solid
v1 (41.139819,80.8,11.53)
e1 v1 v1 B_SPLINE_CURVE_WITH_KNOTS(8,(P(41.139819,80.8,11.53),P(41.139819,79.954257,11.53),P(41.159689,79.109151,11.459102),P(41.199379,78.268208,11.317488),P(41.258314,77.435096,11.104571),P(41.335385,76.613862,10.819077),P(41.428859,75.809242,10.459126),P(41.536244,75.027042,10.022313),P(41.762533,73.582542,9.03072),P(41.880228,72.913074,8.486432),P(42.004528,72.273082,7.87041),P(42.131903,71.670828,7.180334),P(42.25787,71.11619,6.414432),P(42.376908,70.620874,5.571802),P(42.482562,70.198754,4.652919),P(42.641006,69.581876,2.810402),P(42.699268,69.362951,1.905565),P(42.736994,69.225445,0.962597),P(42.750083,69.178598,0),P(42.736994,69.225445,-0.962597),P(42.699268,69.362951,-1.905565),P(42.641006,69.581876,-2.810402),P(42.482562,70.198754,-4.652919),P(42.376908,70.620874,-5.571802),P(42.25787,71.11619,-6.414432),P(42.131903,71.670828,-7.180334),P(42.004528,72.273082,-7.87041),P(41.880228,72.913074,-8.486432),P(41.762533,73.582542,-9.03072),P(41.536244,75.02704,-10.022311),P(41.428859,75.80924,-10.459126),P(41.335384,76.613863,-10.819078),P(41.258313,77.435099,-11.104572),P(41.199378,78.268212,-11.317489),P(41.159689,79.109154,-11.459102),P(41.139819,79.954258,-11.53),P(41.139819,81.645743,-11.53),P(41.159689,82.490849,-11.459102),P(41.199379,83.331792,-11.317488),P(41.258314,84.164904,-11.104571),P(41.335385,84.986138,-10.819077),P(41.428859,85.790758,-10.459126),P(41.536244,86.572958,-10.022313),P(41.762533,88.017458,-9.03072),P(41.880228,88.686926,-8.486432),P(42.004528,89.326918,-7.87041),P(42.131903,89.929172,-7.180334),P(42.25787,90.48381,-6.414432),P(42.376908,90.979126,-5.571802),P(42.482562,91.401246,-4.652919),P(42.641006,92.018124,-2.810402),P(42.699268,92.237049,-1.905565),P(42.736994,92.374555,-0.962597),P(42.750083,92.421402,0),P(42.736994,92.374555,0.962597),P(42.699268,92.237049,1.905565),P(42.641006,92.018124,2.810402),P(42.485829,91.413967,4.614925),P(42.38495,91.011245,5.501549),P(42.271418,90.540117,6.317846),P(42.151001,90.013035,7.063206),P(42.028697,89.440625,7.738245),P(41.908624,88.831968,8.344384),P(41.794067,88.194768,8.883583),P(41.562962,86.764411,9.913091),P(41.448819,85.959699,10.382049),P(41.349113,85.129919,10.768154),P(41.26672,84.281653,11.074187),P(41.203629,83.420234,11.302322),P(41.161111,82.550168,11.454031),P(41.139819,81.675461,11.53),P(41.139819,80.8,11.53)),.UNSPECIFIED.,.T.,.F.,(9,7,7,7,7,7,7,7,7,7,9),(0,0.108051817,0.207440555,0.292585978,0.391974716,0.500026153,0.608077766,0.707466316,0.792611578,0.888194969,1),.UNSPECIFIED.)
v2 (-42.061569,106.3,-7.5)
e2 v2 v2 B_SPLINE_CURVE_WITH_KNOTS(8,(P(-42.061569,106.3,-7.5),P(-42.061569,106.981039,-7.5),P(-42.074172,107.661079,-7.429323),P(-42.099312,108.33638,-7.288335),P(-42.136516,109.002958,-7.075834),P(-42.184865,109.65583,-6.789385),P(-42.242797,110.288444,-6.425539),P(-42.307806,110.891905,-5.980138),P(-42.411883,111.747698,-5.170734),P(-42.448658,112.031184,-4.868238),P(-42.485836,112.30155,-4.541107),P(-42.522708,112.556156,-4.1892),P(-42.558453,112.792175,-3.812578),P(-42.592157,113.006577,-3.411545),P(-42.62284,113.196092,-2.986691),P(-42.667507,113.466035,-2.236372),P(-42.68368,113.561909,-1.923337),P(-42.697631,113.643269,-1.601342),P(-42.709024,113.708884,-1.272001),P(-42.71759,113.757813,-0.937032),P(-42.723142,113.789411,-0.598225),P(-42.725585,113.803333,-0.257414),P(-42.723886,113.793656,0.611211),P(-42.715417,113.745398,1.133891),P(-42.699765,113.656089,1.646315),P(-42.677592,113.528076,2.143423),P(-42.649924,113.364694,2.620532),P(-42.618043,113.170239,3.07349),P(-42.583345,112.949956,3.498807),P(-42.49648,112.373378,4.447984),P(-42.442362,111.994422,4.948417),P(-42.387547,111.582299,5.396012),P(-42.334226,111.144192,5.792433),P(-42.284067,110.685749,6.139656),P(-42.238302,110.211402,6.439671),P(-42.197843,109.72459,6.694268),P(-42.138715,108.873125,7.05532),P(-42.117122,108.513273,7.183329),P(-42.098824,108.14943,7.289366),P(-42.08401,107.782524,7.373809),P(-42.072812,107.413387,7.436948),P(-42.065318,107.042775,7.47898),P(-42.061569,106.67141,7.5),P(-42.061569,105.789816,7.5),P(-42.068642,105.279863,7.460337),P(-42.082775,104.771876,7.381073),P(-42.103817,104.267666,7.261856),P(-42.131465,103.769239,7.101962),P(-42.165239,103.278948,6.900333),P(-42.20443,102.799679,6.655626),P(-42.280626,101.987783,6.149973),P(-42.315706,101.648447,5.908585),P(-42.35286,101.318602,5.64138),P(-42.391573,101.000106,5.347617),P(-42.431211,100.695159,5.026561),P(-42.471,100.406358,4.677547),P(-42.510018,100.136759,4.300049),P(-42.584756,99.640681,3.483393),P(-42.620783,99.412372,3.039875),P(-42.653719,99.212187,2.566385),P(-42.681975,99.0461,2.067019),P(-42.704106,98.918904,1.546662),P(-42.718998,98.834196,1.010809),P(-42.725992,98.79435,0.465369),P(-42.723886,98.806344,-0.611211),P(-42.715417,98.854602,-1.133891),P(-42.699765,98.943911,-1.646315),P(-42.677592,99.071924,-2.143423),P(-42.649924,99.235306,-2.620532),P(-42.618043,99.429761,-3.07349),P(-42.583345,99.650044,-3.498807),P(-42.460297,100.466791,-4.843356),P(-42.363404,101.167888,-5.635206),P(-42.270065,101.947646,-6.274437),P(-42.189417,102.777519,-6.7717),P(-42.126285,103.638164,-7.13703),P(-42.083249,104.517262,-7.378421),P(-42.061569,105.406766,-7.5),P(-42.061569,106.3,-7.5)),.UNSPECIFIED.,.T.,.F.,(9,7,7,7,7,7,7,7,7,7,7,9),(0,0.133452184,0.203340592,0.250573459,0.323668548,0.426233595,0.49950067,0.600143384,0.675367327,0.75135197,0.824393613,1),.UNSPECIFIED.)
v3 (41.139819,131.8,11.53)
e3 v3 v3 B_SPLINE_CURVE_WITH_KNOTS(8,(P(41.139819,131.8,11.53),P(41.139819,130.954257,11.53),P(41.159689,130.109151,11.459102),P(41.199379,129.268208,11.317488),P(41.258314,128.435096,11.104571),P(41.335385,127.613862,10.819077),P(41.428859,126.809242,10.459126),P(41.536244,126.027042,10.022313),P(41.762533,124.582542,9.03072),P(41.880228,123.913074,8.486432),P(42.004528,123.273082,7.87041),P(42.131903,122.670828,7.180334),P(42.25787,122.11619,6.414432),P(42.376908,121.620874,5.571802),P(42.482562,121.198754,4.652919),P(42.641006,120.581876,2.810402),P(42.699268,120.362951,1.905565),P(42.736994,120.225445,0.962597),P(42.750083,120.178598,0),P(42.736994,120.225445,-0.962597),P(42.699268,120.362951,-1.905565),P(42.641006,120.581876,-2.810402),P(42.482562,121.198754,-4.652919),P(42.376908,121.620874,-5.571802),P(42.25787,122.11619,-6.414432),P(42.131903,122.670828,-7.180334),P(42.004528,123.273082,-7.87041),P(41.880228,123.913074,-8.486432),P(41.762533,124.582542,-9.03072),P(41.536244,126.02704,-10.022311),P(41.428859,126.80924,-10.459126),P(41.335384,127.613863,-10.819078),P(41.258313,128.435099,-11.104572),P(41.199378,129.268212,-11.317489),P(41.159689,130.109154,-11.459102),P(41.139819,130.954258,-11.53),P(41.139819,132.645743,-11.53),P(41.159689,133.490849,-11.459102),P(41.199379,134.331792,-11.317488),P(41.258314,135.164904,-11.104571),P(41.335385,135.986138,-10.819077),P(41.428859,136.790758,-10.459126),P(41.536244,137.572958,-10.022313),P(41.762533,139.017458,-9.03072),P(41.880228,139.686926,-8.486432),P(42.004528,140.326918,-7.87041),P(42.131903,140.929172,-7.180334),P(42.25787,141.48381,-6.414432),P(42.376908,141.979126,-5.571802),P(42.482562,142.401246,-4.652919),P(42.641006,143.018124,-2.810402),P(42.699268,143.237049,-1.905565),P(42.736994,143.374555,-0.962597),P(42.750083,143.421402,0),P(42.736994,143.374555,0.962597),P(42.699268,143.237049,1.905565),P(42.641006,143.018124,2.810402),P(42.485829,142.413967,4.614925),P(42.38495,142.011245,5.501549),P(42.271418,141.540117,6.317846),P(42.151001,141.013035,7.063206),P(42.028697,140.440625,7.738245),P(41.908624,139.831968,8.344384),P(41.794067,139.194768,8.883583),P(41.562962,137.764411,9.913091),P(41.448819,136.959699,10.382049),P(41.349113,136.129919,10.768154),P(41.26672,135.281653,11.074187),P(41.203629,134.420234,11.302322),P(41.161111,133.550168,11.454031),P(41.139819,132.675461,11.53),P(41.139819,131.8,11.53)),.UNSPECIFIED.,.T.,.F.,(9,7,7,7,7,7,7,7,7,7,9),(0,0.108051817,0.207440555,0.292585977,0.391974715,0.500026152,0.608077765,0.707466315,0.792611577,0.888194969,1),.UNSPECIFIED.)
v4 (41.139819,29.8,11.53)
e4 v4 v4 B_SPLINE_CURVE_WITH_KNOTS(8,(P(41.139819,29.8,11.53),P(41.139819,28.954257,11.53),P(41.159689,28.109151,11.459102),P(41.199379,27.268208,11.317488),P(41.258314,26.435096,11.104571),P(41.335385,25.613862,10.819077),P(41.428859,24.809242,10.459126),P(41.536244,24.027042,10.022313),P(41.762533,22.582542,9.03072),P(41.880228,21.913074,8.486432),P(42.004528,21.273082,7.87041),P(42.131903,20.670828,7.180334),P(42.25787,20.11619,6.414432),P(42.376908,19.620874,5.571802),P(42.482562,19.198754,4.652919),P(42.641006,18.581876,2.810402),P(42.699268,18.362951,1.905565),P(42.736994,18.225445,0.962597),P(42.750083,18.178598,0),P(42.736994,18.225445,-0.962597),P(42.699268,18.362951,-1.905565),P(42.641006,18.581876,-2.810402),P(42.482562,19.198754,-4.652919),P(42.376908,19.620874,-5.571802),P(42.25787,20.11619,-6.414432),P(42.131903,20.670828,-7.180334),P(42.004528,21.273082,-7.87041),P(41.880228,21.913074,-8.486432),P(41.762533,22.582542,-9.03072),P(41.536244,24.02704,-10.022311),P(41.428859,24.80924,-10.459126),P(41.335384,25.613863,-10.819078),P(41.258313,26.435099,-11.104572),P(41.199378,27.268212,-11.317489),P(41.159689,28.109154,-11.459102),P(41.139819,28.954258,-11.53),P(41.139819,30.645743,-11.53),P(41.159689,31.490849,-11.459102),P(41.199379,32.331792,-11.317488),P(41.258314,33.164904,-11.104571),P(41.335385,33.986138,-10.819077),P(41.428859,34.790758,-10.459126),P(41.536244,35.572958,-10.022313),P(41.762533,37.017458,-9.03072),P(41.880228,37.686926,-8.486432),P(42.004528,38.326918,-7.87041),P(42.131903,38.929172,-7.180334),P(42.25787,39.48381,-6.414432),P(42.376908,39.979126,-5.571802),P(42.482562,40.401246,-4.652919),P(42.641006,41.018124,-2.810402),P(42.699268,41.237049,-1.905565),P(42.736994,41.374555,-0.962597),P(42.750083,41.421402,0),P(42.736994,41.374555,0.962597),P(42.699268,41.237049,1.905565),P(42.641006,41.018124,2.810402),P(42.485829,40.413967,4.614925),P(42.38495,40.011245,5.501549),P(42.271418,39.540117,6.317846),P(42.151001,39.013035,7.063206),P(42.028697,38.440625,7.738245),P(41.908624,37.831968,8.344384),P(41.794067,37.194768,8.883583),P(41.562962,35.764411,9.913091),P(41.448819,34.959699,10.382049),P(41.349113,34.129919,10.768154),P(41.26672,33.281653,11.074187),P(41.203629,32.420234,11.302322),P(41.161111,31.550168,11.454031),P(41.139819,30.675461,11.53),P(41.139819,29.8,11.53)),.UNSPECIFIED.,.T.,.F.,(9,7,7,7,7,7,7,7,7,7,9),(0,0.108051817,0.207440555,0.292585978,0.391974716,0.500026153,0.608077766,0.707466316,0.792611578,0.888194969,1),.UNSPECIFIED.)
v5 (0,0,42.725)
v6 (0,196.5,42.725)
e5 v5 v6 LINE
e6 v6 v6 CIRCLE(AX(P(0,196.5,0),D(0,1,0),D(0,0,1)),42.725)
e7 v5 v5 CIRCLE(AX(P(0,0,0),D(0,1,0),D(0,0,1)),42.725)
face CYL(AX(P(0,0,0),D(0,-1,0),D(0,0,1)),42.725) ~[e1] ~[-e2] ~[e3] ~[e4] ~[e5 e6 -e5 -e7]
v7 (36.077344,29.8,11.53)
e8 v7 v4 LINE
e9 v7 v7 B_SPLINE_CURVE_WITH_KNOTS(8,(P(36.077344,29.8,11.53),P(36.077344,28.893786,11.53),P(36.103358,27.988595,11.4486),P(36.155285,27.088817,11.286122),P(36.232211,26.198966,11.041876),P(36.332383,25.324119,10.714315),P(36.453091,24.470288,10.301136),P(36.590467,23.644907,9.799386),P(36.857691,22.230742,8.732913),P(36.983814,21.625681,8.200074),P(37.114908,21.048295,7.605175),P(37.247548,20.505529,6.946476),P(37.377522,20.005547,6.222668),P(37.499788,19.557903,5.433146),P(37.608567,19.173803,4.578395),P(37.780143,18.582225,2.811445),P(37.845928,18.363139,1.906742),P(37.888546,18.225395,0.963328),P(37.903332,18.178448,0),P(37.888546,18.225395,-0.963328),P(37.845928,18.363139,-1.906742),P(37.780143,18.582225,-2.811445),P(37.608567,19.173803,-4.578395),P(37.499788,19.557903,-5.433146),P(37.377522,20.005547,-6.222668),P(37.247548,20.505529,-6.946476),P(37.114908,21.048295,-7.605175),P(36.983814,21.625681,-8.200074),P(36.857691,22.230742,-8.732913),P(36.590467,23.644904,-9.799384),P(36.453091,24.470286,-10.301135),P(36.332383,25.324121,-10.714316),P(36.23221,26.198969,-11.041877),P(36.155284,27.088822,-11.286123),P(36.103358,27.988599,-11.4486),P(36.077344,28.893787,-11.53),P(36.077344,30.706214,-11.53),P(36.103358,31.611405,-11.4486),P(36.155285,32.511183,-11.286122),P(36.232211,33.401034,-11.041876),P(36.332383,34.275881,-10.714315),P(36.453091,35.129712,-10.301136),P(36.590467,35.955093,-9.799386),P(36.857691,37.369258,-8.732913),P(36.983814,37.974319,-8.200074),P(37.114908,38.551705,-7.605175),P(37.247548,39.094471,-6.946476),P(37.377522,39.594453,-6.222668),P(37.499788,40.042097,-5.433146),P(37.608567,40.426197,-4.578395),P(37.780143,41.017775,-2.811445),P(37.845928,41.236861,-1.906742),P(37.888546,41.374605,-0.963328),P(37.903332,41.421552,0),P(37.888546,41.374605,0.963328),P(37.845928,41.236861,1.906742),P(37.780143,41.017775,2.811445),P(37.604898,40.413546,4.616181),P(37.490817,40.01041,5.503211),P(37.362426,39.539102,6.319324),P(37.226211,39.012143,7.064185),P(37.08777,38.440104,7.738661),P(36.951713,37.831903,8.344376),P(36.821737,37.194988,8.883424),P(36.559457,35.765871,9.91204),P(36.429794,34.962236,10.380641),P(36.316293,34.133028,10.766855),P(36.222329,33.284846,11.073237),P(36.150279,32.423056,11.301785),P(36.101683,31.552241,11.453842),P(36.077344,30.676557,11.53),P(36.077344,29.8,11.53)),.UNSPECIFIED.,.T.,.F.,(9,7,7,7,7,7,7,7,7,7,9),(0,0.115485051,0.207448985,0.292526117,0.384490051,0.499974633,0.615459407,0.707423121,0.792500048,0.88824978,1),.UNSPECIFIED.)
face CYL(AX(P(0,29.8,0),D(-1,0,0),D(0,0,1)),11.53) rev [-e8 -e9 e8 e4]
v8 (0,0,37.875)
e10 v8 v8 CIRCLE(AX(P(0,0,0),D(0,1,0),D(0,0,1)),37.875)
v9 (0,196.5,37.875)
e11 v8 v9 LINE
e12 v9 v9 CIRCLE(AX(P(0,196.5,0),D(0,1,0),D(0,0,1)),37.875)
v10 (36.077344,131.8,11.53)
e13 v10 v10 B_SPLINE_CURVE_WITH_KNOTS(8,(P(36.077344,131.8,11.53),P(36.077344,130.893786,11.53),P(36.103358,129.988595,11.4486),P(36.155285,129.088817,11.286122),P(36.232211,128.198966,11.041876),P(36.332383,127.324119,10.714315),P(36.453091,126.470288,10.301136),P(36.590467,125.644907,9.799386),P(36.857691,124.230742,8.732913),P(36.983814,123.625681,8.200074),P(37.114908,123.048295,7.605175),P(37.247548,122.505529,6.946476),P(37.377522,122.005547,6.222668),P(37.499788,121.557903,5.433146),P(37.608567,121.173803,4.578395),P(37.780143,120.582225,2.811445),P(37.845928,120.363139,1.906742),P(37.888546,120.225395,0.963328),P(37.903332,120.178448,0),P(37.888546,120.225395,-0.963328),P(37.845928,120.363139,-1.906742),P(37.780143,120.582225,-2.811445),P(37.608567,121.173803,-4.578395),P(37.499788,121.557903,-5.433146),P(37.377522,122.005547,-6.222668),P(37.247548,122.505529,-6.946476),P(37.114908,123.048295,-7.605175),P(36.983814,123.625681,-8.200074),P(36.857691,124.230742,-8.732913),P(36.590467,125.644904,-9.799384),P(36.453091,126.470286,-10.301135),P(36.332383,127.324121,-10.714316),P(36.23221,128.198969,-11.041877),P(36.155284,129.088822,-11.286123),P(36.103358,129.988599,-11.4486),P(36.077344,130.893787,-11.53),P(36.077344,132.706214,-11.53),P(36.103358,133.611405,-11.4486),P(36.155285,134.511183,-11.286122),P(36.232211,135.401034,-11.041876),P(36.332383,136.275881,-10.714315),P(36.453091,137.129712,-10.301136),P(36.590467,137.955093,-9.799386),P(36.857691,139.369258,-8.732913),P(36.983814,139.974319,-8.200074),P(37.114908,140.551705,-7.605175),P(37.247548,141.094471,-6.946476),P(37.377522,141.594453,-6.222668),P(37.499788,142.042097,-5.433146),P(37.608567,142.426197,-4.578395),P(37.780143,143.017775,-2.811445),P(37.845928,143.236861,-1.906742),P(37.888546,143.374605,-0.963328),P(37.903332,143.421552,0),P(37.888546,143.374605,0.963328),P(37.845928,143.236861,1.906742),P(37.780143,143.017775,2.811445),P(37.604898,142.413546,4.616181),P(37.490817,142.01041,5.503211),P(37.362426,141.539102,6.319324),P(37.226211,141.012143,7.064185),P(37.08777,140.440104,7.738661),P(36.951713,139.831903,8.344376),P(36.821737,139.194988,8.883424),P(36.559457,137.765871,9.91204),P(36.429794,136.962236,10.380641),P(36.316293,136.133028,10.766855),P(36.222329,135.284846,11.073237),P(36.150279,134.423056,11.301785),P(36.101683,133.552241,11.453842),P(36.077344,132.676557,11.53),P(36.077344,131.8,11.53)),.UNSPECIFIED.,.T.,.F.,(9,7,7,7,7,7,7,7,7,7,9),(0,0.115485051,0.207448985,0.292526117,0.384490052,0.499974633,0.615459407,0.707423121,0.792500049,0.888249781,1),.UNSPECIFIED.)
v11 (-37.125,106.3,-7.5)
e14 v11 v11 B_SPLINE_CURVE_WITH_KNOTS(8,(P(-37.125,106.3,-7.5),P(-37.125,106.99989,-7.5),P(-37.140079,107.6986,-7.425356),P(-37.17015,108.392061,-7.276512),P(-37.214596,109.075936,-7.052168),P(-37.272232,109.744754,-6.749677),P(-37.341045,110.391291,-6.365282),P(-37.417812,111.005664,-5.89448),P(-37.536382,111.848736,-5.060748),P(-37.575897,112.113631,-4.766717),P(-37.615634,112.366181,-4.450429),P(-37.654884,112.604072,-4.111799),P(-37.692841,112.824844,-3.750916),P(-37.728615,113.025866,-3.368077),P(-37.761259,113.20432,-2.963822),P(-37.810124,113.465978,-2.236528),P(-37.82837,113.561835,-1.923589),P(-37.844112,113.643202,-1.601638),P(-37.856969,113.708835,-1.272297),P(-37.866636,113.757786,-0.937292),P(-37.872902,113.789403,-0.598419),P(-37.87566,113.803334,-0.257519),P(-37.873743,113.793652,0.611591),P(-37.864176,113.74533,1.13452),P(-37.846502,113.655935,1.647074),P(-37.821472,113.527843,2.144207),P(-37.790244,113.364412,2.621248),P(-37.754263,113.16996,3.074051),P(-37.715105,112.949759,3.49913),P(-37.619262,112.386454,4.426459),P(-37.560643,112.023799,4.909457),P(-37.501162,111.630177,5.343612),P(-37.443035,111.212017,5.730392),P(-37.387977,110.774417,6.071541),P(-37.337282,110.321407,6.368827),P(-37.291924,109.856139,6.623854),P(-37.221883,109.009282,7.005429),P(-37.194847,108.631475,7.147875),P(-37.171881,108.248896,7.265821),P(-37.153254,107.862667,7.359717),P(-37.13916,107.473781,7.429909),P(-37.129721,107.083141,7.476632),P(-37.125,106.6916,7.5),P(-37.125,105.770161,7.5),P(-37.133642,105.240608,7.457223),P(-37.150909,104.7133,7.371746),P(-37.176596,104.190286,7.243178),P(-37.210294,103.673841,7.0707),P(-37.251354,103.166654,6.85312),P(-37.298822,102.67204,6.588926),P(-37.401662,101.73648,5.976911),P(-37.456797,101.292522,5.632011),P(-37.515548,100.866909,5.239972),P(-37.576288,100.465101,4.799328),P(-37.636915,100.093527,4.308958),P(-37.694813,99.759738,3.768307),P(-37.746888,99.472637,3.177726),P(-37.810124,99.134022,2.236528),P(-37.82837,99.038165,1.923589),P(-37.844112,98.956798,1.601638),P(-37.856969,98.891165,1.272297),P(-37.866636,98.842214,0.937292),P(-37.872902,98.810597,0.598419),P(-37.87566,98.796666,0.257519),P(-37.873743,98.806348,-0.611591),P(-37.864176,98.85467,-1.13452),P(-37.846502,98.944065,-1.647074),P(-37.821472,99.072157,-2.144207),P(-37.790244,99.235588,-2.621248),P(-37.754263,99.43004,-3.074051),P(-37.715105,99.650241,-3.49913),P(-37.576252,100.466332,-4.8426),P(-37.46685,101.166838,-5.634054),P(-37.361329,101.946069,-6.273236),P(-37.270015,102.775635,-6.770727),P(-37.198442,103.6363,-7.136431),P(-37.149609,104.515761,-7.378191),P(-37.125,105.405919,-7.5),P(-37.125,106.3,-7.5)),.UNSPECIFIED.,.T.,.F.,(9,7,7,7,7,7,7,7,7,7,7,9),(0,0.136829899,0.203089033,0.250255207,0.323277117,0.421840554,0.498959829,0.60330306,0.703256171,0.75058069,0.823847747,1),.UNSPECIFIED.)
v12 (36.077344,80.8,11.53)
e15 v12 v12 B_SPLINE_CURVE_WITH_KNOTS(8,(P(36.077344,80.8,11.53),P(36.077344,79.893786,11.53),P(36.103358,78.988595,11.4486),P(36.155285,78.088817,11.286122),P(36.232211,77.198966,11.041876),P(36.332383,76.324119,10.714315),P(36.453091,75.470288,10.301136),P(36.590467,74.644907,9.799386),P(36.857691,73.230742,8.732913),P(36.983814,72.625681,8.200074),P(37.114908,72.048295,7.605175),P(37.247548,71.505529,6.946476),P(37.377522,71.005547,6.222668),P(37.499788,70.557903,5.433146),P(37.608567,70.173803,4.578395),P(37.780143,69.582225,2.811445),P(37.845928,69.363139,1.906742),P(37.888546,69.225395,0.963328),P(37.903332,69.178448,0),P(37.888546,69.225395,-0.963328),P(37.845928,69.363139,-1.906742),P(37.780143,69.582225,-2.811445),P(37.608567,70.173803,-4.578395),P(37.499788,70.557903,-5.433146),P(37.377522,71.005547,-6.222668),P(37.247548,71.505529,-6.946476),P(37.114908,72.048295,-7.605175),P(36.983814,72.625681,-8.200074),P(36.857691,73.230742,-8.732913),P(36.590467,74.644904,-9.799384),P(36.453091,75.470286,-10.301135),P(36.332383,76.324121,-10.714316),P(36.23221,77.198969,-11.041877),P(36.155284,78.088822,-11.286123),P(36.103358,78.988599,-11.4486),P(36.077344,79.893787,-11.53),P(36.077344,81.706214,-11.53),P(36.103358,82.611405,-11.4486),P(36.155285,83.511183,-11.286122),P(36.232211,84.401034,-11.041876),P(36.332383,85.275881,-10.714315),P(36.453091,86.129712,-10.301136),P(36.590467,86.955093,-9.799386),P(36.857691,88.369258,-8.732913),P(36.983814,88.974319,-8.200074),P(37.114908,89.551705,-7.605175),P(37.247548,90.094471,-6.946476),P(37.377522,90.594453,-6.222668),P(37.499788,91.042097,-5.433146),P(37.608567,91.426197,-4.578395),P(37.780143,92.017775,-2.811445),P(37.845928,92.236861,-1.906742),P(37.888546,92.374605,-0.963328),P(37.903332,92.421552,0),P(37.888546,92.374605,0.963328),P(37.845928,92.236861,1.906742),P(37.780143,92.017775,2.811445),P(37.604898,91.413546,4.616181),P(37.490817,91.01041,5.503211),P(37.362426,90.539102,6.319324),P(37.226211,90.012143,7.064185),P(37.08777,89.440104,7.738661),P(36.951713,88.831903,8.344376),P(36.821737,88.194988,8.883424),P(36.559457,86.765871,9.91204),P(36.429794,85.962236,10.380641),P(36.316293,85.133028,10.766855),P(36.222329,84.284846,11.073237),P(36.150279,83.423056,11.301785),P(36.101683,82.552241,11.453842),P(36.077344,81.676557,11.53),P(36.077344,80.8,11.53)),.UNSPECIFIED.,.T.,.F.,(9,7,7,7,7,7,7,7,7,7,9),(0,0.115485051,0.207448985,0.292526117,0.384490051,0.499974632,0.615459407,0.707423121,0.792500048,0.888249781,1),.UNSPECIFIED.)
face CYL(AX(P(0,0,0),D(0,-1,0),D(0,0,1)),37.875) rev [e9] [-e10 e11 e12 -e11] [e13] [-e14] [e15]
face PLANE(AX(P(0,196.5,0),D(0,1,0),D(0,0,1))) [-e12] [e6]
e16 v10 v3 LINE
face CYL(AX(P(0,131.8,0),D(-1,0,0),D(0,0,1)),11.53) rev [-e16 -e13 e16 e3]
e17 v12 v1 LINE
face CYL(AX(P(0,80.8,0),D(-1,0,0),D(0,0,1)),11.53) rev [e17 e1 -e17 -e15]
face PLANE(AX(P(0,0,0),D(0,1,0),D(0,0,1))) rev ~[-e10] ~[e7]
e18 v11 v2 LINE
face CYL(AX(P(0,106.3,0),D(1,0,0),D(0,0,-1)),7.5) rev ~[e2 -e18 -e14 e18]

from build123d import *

# Parameters (mm, degrees)
SKETCH1_R           = 42.725
SKETCH1_R_2         = 37.875
BOSS_EXTRUDE1_DEPTH = 196.5
SKETCH2_R           = 11.53
CUT_EXTRUDE1_DEPTH  = 206.57991451
SKETCH4_R           = 7.5
CUT_EXTRUDE2_DEPTH  = 206.579914647


with BuildPart() as part:
    # Sketch1 → Boss-Extrude1 (new body)
    with BuildSketch(Plane(origin=(0, 0, 0), x_dir=(1, 0, 0), z_dir=(0, 1, 0))):
        with Locations(Location((0, 0, 0), (0, 0, 270))):
            Circle(SKETCH1_R)
        with Locations(Location((0, 0, 0), (0, 0, 270))):
            Circle(SKETCH1_R_2, mode=Mode.SUBTRACT)
    extrude(amount=BOSS_EXTRUDE1_DEPTH)

    # Sketch2 → Cut-Extrude1 (cut, through all)
    with BuildSketch(Plane(origin=(0, 0, 0), x_dir=(0, 0, -1), z_dir=(1, 0, 0))):
        with Locations(Location((0, 131.8, 0), (0, 0, 180))):
            Circle(SKETCH2_R)
        with Locations(Location((0, 80.8, 0), (0, 0, 180))):
            Circle(SKETCH2_R)
        with Locations(Location((0, 29.8, 0), (0, 0, 180))):
            Circle(SKETCH2_R)
    extrude(amount=CUT_EXTRUDE1_DEPTH, mode=Mode.SUBTRACT)

    # Sketch4 → Cut-Extrude2 (cut, through all)
    with BuildSketch(Plane(origin=(0, 0, 0), x_dir=(0, 0, -1), z_dir=(1, 0, 0))):
        with Locations((0, 106.3)):
            Circle(SKETCH4_R)
    extrude(amount=-CUT_EXTRUDE2_DEPTH, mode=Mode.SUBTRACT)


solid = part.part
